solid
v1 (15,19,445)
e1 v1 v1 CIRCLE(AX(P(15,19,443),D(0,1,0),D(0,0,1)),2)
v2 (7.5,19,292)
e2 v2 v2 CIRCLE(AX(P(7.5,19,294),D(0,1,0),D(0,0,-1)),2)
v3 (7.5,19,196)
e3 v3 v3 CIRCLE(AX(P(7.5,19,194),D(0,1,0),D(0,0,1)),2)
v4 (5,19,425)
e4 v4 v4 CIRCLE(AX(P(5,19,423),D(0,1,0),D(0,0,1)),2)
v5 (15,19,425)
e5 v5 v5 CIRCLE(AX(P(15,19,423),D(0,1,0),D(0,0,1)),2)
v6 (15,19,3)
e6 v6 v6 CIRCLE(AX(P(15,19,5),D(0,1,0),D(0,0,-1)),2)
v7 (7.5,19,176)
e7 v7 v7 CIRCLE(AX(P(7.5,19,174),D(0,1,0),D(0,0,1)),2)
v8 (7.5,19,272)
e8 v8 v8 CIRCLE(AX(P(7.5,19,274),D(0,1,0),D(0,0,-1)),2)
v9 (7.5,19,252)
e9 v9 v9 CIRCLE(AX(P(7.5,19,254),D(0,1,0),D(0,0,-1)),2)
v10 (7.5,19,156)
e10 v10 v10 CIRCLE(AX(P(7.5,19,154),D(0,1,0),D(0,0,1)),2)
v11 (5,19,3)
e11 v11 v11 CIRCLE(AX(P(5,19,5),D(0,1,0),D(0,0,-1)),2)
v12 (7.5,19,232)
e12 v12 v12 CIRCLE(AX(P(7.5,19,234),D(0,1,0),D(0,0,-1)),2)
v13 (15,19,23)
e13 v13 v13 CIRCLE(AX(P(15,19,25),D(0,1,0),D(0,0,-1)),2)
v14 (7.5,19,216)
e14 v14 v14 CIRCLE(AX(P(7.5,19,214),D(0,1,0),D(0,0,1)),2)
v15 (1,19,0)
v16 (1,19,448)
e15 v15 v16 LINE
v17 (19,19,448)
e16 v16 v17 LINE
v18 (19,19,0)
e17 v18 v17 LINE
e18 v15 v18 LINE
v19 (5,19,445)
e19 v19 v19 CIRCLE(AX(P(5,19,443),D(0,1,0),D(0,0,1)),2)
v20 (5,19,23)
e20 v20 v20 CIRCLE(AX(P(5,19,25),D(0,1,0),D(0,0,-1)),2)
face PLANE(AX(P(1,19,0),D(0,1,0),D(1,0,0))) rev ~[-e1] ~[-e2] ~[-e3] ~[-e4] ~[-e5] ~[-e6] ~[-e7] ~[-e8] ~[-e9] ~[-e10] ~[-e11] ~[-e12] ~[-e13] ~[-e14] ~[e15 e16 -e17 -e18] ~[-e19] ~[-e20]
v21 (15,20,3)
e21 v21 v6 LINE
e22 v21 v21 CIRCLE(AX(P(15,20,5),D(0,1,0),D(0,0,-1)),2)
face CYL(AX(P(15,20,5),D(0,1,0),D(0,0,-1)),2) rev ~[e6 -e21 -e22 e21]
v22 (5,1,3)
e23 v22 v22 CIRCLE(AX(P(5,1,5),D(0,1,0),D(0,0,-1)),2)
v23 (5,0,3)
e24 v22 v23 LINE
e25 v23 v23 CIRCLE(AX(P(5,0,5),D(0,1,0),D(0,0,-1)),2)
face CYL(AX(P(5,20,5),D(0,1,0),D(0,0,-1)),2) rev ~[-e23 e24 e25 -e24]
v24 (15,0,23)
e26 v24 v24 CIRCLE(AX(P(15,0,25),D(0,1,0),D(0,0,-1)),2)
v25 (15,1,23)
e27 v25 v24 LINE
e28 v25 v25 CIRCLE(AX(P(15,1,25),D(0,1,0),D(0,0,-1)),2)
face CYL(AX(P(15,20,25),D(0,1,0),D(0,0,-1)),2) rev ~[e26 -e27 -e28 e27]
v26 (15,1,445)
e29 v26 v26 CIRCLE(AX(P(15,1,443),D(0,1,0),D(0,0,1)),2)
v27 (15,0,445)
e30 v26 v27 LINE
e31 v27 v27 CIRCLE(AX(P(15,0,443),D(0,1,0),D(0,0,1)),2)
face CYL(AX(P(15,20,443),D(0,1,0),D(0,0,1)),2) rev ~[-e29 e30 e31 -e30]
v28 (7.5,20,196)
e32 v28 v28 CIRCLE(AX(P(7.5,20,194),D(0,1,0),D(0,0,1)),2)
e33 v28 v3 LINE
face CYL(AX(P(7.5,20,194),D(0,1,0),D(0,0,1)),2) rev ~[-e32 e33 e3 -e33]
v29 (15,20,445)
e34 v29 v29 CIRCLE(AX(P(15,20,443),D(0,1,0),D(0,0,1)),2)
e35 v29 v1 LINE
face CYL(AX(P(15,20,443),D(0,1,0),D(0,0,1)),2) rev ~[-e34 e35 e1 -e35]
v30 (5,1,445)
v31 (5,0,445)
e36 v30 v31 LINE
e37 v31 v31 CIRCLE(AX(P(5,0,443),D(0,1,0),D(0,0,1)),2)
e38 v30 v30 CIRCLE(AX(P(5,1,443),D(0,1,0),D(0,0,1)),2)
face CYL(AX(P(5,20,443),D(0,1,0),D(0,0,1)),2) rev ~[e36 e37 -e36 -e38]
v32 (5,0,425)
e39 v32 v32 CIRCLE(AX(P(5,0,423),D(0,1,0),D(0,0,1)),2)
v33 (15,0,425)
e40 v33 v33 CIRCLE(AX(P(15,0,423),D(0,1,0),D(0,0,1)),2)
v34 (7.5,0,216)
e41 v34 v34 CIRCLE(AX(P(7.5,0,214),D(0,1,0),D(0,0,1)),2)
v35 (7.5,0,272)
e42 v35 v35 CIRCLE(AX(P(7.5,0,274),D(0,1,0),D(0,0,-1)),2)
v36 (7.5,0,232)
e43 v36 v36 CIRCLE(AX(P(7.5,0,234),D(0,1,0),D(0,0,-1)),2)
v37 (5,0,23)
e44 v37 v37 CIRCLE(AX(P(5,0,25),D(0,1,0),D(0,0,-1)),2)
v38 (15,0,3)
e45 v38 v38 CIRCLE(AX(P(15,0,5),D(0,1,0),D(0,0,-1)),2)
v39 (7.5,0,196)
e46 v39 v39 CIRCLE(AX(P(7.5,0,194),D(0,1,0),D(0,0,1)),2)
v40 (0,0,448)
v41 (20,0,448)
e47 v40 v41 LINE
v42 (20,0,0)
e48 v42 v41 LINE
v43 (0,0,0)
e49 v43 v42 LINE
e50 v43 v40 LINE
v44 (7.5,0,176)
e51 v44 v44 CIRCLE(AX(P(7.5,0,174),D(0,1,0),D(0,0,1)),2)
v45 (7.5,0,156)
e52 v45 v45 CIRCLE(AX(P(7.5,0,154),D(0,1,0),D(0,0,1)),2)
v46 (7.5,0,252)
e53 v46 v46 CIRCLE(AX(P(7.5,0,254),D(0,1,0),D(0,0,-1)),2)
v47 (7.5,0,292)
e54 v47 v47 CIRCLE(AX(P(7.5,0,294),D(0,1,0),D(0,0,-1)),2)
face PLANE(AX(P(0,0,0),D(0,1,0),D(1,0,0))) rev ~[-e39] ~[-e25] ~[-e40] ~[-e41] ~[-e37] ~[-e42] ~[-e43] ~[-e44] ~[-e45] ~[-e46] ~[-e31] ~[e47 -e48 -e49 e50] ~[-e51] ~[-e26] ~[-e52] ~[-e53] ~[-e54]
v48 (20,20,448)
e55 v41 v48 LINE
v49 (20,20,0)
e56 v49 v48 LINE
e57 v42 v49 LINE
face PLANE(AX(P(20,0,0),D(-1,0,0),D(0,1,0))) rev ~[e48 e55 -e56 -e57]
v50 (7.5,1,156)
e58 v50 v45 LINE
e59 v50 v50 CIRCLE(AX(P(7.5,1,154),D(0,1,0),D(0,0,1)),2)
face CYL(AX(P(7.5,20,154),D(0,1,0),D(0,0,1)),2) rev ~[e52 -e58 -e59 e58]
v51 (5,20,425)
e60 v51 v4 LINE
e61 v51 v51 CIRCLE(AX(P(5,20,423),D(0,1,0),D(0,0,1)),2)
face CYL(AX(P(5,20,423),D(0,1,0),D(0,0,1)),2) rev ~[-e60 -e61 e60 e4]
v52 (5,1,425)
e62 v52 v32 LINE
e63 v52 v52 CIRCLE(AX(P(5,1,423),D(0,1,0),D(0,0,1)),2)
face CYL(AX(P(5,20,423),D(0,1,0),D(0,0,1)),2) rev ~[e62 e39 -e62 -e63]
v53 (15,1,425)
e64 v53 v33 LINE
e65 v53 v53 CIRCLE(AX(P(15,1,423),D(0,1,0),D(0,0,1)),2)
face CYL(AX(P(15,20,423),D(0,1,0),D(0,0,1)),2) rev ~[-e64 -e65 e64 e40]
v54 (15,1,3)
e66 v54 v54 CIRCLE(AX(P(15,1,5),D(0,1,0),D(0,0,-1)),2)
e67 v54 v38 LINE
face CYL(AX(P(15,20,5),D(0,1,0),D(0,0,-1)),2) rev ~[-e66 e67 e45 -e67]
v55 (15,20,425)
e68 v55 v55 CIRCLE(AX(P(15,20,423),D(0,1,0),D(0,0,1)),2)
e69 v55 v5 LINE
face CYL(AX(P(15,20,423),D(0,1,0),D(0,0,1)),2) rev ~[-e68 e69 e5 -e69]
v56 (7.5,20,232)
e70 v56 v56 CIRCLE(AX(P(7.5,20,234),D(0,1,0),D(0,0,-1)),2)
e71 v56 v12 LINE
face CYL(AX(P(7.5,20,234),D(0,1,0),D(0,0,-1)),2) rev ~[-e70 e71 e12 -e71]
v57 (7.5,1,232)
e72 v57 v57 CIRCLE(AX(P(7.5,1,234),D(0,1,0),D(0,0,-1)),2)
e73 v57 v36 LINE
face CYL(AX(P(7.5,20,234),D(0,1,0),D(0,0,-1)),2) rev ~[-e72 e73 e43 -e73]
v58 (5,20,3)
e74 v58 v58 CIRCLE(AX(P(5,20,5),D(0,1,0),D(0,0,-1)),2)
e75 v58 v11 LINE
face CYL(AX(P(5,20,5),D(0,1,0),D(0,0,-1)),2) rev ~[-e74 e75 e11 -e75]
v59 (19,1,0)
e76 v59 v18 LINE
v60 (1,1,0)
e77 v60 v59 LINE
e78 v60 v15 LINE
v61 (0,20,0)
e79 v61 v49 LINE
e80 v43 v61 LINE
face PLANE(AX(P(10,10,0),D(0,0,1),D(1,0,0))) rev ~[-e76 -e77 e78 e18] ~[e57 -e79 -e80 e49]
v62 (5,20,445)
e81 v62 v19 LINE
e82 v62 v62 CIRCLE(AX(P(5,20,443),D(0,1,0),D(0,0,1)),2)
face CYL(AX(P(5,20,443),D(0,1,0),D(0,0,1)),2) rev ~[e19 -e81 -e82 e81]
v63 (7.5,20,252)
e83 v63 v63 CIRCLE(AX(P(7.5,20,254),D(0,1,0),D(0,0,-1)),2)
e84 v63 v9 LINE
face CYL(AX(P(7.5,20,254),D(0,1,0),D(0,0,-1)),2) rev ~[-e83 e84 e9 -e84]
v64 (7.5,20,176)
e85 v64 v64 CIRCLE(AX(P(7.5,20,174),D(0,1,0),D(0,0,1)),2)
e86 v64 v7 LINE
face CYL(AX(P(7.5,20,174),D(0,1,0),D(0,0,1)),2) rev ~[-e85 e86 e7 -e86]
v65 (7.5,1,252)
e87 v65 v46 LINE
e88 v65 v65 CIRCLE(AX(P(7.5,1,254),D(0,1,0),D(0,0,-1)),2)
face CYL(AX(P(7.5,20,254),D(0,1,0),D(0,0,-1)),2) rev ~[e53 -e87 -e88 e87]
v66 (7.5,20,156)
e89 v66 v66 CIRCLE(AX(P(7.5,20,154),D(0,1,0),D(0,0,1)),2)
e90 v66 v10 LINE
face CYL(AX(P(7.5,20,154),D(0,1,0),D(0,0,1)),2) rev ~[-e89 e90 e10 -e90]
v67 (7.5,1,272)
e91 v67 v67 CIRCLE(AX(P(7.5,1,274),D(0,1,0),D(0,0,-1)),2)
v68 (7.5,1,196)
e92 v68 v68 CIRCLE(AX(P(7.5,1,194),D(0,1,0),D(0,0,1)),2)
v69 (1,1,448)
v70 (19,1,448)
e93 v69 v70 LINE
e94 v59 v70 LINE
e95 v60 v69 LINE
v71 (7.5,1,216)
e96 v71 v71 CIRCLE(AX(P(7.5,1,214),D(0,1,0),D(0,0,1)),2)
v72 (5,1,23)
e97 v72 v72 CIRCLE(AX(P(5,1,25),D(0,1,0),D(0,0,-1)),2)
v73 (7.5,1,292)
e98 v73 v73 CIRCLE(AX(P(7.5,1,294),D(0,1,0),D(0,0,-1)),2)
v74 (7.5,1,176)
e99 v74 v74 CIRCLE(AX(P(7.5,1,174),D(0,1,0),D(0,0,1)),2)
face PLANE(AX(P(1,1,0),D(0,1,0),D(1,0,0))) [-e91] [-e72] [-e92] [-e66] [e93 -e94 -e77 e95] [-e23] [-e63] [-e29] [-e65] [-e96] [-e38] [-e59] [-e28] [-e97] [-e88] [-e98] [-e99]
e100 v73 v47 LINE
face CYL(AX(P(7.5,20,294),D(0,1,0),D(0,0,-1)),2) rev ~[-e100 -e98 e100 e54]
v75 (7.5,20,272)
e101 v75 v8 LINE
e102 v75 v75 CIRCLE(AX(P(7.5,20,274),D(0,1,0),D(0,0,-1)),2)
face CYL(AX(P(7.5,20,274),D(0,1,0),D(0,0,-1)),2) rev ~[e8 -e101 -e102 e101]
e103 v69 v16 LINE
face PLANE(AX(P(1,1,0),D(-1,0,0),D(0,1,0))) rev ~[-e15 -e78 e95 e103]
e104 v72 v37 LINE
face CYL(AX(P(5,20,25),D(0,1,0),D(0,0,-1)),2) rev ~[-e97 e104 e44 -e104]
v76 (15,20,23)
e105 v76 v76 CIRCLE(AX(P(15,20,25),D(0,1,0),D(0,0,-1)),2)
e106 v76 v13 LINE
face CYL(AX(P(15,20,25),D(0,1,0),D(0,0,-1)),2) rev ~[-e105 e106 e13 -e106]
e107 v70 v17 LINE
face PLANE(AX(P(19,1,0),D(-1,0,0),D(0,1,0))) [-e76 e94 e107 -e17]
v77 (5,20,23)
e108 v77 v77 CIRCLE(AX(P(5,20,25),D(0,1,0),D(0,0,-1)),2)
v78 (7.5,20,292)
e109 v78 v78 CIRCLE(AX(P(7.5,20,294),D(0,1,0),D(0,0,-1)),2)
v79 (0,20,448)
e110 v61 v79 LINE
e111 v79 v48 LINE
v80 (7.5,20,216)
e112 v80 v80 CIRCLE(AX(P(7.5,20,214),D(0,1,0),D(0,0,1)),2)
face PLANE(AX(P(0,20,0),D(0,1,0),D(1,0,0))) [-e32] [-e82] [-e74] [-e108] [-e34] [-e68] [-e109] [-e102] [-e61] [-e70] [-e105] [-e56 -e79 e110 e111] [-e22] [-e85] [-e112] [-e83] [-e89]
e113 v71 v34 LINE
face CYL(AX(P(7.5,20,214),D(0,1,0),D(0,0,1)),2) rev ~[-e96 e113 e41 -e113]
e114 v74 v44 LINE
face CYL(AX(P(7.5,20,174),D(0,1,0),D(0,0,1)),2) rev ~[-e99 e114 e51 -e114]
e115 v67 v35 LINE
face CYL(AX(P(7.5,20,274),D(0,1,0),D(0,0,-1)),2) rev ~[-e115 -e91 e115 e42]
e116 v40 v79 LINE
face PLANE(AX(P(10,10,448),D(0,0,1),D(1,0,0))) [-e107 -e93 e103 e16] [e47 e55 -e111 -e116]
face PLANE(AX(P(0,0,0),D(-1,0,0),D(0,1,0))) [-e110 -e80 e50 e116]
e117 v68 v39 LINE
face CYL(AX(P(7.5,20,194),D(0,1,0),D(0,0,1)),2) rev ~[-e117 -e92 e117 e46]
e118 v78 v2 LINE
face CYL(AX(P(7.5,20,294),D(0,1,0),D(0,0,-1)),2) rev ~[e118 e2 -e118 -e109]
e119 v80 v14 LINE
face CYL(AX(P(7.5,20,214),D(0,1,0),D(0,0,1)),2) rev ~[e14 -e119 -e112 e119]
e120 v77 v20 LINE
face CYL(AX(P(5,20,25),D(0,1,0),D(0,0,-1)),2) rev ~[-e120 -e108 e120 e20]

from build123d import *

# Parameters (mm, degrees)
SKETCH_1_W          = 20
SKETCH_1_H          = 20
SKETCH_1_W_2        = 18
SKETCH_1_H_2        = 18
EXTRUDE_1_DEPTH     = 448
SKETCH_4_R          = 2
CUT_EXTRUDE_1_DEPTH = 449.891969186


with BuildPart() as part:
    # 草图1 → 拉伸-薄壁1 (new body)
    with BuildSketch(Plane.XY):
        with Locations((10, 10)):
            Rectangle(SKETCH_1_W, SKETCH_1_H)
        with Locations((10, 10)):
            Rectangle(SKETCH_1_W_2, SKETCH_1_H_2, mode=Mode.SUBTRACT)
    extrude(amount=EXTRUDE_1_DEPTH)

    # 草图4 → 切除-拉伸1 (cut, through all)
    with BuildSketch(Plane(origin=(0, 20, 0), x_dir=(1, 0, 0), z_dir=(0, 1, 0))):
        with Locations(Location((5, -423, 0), (0, 0, 270))):
            Circle(SKETCH_4_R)
        with Locations(Location((15, -423, 0), (0, 0, 270))):
            Circle(SKETCH_4_R)
        with Locations(Location((15, -443, 0), (0, 0, 270))):
            Circle(SKETCH_4_R)
        with Locations(Location((5, -443, 0), (0, 0, 270))):
            Circle(SKETCH_4_R)
        with Locations(Location((5, -5, 0), (0, 0, 90))):
            Circle(SKETCH_4_R)
        with Locations(Location((15, -5, 0), (0, 0, 90))):
            Circle(SKETCH_4_R)
        with Locations(Location((15, -25, 0), (0, 0, 90))):
            Circle(SKETCH_4_R)
        with Locations(Location((5, -25, 0), (0, 0, 90))):
            Circle(SKETCH_4_R)
        with Locations(Location((7.5, -154, 0), (0, 0, 270))):
            Circle(SKETCH_4_R)
        with Locations(Location((7.5, -174, 0), (0, 0, 270))):
            Circle(SKETCH_4_R)
        with Locations(Location((7.5, -194, 0), (0, 0, 270))):
            Circle(SKETCH_4_R)
        with Locations(Location((7.5, -214, 0), (0, 0, 270))):
            Circle(SKETCH_4_R)
        with Locations(Location((7.5, -234, 0), (0, 0, 90))):
            Circle(SKETCH_4_R)
        with Locations(Location((7.5, -254, 0), (0, 0, 90))):
            Circle(SKETCH_4_R)
        with Locations(Location((7.5, -274, 0), (0, 0, 90))):
            Circle(SKETCH_4_R)
        with Locations(Location((7.5, -294, 0), (0, 0, 90))):
            Circle(SKETCH_4_R)
    extrude(amount=-CUT_EXTRUDE_1_DEPTH, mode=Mode.SUBTRACT)


solid = part.part
